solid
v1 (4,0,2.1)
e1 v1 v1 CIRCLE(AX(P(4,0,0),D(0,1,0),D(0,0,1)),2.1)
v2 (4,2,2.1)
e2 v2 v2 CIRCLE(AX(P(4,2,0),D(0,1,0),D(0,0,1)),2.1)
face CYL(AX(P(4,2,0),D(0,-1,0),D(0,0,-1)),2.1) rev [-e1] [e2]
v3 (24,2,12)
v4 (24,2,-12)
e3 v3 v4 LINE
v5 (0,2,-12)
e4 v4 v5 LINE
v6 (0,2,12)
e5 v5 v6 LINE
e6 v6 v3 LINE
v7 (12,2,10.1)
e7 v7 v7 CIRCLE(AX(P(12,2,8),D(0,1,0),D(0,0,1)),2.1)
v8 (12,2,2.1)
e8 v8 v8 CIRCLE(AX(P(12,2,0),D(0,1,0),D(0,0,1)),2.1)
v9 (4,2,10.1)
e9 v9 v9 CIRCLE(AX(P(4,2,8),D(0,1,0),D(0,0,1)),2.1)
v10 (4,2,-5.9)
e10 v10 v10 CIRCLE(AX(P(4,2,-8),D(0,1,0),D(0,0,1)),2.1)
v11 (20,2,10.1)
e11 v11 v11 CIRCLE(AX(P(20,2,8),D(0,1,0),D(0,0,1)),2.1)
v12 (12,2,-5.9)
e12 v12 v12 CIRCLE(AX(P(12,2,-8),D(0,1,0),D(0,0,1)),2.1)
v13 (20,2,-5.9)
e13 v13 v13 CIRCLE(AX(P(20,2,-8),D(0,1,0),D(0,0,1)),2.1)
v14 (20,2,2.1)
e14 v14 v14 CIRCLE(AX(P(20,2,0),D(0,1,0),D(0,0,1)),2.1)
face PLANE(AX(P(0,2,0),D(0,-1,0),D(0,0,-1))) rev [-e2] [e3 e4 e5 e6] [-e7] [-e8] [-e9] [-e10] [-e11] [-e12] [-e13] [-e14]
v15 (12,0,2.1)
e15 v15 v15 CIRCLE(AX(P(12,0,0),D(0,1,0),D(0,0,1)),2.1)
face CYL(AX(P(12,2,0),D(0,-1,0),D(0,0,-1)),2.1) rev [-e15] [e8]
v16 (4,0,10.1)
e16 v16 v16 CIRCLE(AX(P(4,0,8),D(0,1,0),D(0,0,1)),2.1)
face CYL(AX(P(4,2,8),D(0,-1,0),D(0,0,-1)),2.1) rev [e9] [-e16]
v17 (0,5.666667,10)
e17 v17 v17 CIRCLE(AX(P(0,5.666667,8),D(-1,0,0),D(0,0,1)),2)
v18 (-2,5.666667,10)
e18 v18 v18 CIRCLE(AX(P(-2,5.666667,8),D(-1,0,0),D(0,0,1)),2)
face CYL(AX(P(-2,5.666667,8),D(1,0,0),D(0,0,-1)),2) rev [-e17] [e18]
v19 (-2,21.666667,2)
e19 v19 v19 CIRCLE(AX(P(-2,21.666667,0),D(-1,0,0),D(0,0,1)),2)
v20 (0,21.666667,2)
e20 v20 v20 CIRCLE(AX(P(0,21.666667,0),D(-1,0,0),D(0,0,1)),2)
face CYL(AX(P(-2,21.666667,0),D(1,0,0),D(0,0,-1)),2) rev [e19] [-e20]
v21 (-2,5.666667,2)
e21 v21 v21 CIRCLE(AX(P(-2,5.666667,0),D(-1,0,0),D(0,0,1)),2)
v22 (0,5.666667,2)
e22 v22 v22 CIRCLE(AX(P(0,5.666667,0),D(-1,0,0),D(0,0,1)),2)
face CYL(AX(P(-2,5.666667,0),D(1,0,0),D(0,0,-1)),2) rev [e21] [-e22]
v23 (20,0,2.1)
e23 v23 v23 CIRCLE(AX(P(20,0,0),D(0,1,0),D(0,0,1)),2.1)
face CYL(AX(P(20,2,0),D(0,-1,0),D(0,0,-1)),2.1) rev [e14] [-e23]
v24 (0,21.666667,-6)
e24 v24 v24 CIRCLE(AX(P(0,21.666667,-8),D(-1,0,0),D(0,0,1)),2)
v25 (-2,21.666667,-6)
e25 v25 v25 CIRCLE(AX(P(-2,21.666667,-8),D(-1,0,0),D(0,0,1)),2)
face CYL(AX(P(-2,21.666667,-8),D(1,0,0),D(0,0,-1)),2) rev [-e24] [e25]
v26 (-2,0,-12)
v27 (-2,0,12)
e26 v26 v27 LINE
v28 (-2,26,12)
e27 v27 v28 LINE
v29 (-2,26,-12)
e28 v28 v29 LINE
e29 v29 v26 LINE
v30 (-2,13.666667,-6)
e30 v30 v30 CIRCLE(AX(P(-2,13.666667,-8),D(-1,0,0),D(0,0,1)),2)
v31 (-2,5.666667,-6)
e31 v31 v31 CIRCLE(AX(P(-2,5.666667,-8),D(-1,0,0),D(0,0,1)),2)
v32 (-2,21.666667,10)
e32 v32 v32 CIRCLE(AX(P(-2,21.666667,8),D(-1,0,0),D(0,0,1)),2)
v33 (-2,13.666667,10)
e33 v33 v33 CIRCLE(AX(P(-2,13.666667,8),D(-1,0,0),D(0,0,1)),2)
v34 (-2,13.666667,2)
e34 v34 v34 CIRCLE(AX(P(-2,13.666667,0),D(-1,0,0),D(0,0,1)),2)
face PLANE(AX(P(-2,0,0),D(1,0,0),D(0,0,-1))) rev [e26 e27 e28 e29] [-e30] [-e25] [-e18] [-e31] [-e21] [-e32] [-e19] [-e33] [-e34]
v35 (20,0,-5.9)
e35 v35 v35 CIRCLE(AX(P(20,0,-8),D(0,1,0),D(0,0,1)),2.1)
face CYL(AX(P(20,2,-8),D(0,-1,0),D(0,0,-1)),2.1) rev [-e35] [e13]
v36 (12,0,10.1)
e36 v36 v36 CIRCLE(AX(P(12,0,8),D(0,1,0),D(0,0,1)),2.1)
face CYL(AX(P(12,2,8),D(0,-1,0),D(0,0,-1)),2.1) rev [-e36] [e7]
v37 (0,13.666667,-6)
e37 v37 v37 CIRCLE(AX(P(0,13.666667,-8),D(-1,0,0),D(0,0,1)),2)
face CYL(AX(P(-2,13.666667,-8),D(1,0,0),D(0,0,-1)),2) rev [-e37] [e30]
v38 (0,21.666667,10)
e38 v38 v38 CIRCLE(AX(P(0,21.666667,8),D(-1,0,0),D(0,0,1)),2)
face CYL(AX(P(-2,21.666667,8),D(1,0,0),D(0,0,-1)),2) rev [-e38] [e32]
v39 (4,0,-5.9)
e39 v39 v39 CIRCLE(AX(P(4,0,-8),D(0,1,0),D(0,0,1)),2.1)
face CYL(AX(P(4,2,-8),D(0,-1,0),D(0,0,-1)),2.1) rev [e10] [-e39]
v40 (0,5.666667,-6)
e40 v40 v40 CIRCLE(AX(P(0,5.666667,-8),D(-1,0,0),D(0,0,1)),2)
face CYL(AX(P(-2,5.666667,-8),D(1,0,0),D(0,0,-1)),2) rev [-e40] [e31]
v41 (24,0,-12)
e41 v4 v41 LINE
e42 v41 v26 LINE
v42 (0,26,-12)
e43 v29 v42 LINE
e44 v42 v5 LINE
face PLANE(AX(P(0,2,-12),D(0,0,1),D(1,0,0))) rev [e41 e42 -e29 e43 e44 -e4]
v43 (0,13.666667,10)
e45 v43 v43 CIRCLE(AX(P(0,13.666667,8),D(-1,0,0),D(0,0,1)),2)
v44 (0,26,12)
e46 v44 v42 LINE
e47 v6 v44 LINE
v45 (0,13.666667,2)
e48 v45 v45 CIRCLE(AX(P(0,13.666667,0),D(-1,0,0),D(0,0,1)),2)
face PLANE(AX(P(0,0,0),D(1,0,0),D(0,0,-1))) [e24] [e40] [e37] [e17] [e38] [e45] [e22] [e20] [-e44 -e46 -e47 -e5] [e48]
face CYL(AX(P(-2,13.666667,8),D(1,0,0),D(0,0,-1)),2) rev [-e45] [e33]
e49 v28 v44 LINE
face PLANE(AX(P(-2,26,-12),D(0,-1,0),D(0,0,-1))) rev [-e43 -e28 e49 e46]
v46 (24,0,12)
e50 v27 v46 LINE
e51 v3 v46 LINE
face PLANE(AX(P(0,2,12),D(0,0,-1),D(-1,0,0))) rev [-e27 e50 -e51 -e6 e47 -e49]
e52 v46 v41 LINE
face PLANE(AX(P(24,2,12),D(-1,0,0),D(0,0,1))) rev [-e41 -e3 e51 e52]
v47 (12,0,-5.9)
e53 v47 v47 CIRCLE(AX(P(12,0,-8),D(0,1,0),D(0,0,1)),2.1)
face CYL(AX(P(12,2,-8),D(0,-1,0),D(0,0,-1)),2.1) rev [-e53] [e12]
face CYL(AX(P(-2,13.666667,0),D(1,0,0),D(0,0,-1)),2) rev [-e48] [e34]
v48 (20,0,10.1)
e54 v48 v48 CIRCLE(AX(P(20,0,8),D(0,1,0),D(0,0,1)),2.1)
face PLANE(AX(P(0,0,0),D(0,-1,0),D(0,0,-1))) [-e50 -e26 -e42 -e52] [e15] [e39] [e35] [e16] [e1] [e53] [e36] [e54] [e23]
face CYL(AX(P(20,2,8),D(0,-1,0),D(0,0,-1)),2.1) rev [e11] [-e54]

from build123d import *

# Parameters (mm, degrees)
SKETCH1_W           = 24
SKETCH1_H           = 24
SKETCH1_R           = 2.1
BOSS_EXTRUDE1_DEPTH = 2
SKETCH2_W           = 24
SKETCH2_H           = 26
SKETCH2_R           = 2
BOSS_EXTRUDE2_DEPTH = 2


with BuildPart() as part:
    # Sketch1 → Boss-Extrude1 (new body)
    with BuildSketch(Plane(origin=(0, 0, 0), x_dir=(1, 0, 0), z_dir=(0, 1, 0))):
        with Locations((12, 0)):
            Rectangle(SKETCH1_W, SKETCH1_H)
        with Locations(Location((4, 8, 0), (0, 0, 270))):
            Circle(SKETCH1_R, mode=Mode.SUBTRACT)
        with Locations(Location((12, 8, 0), (0, 0, 270))):
            Circle(SKETCH1_R, mode=Mode.SUBTRACT)
        with Locations(Location((20, 8, 0), (0, 0, 270))):
            Circle(SKETCH1_R, mode=Mode.SUBTRACT)
        with Locations(Location((12, 0, 0), (0, 0, 270))):
            Circle(SKETCH1_R, mode=Mode.SUBTRACT)
        with Locations(Location((20, 0, 0), (0, 0, 270))):
            Circle(SKETCH1_R, mode=Mode.SUBTRACT)
        with Locations(Location((12, -8, 0), (0, 0, 270))):
            Circle(SKETCH1_R, mode=Mode.SUBTRACT)
        with Locations(Location((20, -8, 0), (0, 0, 270))):
            Circle(SKETCH1_R, mode=Mode.SUBTRACT)
        with Locations(Location((4, 0, 0), (0, 0, 270))):
            Circle(SKETCH1_R, mode=Mode.SUBTRACT)
        with Locations(Location((4, -8, 0), (0, 0, 270))):
            Circle(SKETCH1_R, mode=Mode.SUBTRACT)
    extrude(amount=BOSS_EXTRUDE1_DEPTH)

    # Sketch2 → Boss-Extrude2 (add)
    with BuildSketch(Plane.ZY):
        with Locations((0, 13)):
            Rectangle(SKETCH2_W, SKETCH2_H)
        with Locations((-8, 21.666666667)):
            Circle(SKETCH2_R, mode=Mode.SUBTRACT)
        with Locations((0, 21.666666667)):
            Circle(SKETCH2_R, mode=Mode.SUBTRACT)
        with Locations((8, 21.666666667)):
            Circle(SKETCH2_R, mode=Mode.SUBTRACT)
        with Locations((0, 13.666666667)):
            Circle(SKETCH2_R, mode=Mode.SUBTRACT)
        with Locations((8, 13.666666667)):
            Circle(SKETCH2_R, mode=Mode.SUBTRACT)
        with Locations((0, 5.666666667)):
            Circle(SKETCH2_R, mode=Mode.SUBTRACT)
        with Locations((8, 5.666666667)):
            Circle(SKETCH2_R, mode=Mode.SUBTRACT)
        with Locations((-8, 13.666666667)):
            Circle(SKETCH2_R, mode=Mode.SUBTRACT)
        with Locations((-8, 5.666666667)):
            Circle(SKETCH2_R, mode=Mode.SUBTRACT)
    extrude(amount=BOSS_EXTRUDE2_DEPTH)


solid = part.part
